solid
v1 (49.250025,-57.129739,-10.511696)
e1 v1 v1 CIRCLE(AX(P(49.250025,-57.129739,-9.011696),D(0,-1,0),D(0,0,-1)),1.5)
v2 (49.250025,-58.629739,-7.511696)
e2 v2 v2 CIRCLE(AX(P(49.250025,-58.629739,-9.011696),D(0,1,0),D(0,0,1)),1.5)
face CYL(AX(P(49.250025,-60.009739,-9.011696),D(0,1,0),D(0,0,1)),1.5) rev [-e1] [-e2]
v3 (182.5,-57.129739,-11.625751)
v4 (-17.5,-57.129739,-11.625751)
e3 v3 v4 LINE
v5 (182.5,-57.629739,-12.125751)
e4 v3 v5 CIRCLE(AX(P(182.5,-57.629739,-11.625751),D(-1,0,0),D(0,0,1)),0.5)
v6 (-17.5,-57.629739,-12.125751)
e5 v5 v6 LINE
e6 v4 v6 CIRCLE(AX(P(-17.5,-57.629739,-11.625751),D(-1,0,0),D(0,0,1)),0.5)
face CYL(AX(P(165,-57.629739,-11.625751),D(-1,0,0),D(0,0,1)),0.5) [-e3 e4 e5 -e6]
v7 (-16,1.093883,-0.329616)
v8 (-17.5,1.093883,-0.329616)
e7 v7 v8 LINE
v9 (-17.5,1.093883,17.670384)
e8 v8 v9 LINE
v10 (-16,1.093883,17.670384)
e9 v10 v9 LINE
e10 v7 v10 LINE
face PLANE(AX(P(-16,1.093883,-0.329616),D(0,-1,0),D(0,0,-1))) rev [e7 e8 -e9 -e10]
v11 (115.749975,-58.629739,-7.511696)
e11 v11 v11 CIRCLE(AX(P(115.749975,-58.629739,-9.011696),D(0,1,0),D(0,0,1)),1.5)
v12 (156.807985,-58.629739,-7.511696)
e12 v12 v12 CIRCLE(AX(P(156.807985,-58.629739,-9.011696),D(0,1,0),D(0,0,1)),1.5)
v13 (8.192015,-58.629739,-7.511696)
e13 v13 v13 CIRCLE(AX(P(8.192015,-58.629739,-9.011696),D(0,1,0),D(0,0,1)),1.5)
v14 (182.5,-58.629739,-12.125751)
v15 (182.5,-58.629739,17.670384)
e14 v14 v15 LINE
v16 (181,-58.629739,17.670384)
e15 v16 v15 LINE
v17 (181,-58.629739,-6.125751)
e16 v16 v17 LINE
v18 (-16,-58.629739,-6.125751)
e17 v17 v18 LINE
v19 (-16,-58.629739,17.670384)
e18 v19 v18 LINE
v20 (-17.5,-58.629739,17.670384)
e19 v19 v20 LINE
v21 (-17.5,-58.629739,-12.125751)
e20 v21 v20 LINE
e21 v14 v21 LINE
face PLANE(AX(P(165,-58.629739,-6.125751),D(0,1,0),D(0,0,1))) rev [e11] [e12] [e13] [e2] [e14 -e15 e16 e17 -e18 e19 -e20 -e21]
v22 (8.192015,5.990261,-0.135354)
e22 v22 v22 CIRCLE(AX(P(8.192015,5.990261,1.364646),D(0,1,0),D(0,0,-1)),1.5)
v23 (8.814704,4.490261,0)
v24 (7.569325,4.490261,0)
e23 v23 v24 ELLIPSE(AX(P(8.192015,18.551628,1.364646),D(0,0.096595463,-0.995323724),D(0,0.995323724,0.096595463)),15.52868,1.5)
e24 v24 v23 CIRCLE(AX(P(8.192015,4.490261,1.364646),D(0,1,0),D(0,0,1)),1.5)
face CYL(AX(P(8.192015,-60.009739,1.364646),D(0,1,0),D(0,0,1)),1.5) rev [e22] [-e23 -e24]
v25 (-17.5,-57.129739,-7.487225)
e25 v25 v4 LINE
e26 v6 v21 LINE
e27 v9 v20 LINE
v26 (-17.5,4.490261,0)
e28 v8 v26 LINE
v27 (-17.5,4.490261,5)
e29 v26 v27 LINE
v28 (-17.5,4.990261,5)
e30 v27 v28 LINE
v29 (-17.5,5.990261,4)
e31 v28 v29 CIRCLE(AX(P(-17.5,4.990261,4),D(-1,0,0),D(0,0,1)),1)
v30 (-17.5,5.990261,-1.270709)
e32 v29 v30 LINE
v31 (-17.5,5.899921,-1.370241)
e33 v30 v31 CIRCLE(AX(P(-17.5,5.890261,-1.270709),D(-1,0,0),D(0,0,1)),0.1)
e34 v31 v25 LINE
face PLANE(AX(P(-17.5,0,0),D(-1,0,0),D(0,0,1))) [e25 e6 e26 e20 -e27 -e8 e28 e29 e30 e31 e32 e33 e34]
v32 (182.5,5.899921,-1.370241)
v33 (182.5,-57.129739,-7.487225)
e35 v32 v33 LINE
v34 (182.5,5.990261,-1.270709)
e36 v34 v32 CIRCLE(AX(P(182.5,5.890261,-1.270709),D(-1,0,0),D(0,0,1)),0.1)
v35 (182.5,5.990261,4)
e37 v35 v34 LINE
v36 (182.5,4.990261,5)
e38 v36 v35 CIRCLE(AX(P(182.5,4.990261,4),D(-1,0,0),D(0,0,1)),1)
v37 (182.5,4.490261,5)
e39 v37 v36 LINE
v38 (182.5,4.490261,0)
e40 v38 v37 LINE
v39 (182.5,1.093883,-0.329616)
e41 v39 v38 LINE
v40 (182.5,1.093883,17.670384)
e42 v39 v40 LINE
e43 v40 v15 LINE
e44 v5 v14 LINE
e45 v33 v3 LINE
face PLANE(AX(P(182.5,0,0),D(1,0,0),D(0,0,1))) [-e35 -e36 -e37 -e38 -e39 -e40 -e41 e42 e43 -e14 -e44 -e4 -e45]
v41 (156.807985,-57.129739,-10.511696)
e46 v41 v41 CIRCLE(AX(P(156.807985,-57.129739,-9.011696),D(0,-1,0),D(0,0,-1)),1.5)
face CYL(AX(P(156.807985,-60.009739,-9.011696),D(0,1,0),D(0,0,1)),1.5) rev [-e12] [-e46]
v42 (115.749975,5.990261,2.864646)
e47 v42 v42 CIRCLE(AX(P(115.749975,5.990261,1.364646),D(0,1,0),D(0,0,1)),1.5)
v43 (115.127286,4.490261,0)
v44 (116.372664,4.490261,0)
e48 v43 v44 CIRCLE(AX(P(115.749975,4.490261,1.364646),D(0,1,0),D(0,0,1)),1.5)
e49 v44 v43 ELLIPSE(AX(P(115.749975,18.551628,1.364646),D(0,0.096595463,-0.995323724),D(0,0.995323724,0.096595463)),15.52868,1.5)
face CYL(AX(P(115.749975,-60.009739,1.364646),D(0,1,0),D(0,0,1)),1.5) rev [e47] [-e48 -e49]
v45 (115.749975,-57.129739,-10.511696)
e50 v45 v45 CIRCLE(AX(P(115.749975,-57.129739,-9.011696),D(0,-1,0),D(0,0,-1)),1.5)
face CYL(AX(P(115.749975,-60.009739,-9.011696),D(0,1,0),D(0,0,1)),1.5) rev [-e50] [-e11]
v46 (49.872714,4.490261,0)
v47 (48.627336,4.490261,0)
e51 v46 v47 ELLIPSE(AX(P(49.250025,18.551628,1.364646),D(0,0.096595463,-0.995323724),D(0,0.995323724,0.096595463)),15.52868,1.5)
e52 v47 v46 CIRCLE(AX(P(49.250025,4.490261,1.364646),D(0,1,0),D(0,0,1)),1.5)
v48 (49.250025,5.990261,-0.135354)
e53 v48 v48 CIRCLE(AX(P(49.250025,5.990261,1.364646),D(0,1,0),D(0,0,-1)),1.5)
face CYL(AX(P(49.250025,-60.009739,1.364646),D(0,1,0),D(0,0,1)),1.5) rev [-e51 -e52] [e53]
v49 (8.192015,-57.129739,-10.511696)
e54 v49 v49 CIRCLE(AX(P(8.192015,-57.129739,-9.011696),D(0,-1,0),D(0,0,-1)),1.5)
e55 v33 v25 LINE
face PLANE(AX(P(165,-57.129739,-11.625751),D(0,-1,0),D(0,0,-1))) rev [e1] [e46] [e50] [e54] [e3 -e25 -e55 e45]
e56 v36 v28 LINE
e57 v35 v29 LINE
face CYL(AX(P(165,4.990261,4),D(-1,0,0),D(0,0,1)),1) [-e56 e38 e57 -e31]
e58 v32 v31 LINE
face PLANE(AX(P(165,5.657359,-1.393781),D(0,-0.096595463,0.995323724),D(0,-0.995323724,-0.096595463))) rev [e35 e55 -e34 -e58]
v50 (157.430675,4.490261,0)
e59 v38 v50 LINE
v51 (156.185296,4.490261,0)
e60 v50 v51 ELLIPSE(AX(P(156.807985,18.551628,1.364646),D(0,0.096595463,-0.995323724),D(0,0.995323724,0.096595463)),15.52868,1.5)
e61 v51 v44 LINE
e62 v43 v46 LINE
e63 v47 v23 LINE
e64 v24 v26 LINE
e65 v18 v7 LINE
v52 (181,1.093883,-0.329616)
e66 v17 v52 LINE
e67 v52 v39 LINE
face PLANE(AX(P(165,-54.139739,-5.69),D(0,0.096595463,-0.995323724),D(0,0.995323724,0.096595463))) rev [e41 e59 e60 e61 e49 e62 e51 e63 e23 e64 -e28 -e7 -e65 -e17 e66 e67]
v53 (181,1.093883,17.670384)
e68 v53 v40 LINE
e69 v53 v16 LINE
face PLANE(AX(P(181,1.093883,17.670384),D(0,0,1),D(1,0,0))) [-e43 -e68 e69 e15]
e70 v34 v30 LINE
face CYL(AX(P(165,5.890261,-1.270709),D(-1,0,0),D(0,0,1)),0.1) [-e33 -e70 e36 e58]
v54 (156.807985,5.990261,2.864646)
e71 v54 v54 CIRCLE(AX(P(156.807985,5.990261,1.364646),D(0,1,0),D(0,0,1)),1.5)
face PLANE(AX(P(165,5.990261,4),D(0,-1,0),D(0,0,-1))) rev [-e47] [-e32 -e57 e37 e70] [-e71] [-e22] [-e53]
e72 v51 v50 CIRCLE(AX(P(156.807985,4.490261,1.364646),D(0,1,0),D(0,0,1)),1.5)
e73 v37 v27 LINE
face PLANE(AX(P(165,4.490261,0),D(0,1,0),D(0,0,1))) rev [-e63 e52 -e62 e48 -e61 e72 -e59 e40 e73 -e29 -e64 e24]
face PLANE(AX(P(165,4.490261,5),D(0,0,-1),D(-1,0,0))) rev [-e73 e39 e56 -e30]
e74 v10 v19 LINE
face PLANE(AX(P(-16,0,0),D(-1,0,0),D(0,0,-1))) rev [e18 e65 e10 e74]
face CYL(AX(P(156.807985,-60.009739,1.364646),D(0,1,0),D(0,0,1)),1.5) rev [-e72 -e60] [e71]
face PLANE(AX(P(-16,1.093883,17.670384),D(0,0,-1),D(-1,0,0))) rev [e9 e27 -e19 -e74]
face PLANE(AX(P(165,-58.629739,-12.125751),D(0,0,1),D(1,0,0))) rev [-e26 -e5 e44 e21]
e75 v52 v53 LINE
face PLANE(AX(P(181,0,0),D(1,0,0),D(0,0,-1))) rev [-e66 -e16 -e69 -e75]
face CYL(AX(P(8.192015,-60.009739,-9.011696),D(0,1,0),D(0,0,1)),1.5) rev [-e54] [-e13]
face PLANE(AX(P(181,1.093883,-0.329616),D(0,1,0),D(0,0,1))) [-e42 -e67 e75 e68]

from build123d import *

# Parameters (mm, degrees)
EXTRUDE_1_DEPTH     = 165
SKETCH_2_R          = 1.5
CUT_EXTRUDE_2_DEPTH = 66
EXTRUDE_2_DEPTH     = 1.5
EXTRUDE_START       = 17.5
EXTRUDE_3_DEPTH     = 17.5
EXTRUDE_4_DEPTH     = 1.5
CUT_EXTRUDE_3_DEPTH = 1.5


with BuildPart() as part:
    # 草图1 → 凸台-拉伸1 (new body)
    with BuildSketch(Plane(origin=(0, 0, 0), x_dir=(0, 0, -1), z_dir=(1, 0, 0))):
        with BuildLine():
            Line((0, 4.49026118), (5.69, -54.13973882))
            Line((5.69, -54.13973882), (6.125751322, -58.62973882))
            Line((6.125751322, -58.62973882), (12.125751322, -58.62973882))
            Line((12.125751322, -58.62973882), (12.125751322, -57.62973882))
            ThreePointArc((12.125751322, -57.62973882), (11.979304712, -57.27618543), (11.625751322, -57.12973882))
            Line((11.625751322, -57.12973882), (7.487224752, -57.12973882))
            Line((7.487224752, -57.12973882), (7.05147343, -52.63973882))
            Line((7.05147343, -52.63973882), (1.393781374, 5.657358767))
            Line((1.393781374, 5.657358767), (1.370240908, 5.899920726))
            ThreePointArc((1.370240908, 5.899920726), (1.337917334, 5.964308309), (1.270708535, 5.99026118))
            Line((1.270708535, 5.99026118), (-4, 5.99026118))
            ThreePointArc((-4, 5.99026118), (-4.707106781, 5.697367961), (-5, 4.99026118))
            Line((-5, 4.99026118), (-5, 4.49026118))
            Line((-5, 4.49026118), (0, 4.49026118))
        make_face()
    extrude(amount=EXTRUDE_1_DEPTH)

    # 草图2 → 切除-拉伸2 (cut)
    with BuildSketch(Plane(origin=(0, 5.99026118, 0), x_dir=(1, 0, 0), z_dir=(0, 1, 0))):
        with Locations(Location((156.807985478, -1.364645732, 0), (0, 0, 270))):
            Circle(SKETCH_2_R)
        with Locations(Location((115.749974851, -1.364645732, 0), (0, 0, 270))):
            Circle(SKETCH_2_R)
        with Locations(Location((49.250025149, -1.364645732, 0), (0, 0, 65.47273381))):
            Circle(SKETCH_2_R)
        with Locations(Location((8.192014522, -1.364645732, 0), (0, 0, 65.47273381))):
            Circle(SKETCH_2_R)
        with Locations(Location((8.192014522, 9.011696347, 0), (0, 0, 270))):
            Circle(SKETCH_2_R)
        with Locations(Location((156.807985478, 9.011696347, 0), (0, 0, 270))):
            Circle(SKETCH_2_R)
        with Locations(Location((115.749974851, 9.011696347, 0), (0, 0, 270))):
            Circle(SKETCH_2_R)
        with Locations(Location((49.250025149, 9.011696347, 0), (0, 0, 270))):
            Circle(SKETCH_2_R)
    extrude(amount=-CUT_EXTRUDE_2_DEPTH, mode=Mode.SUBTRACT)

    # 草图3 → 凸台-拉伸2 (add)
    with BuildSketch(Plane(origin=(165, 0, 0), x_dir=(0, 0, -1), z_dir=(1, 0, 0))):
        Polygon((0.32961608, 1.093883189), (-17.67038392, 1.093883189), (-17.67038392, -58.62973882), (6.125751322, -58.62973882), align=None)
    extrude(amount=-EXTRUDE_2_DEPTH)

    # 草图5 → 凸台-拉伸3 (add)
    with BuildSketch(Plane.ZY.offset(EXTRUDE_START)):
        with BuildLine():
            Line((4, 5.99026118), (-1.270708535, 5.99026118))
            ThreePointArc((-1.270708535, 5.99026118), (-1.337917334, 5.964308309), (-1.370240908, 5.899920726))
            Line((-1.370240908, 5.899920726), (-7.487224752, -57.12973882))
            Line((-7.487224752, -57.12973882), (-11.625751322, -57.12973882))
            ThreePointArc((-11.625751322, -57.12973882), (-11.979304712, -57.27618543), (-12.125751322, -57.62973882))
            Line((-12.125751322, -57.62973882), (-12.125751322, -58.62973882))
            Line((-12.125751322, -58.62973882), (-6.125751322, -58.62973882))
            Line((-6.125751322, -58.62973882), (0, 4.49026118))
            Line((0, 4.49026118), (5, 4.49026118))
            Line((5, 4.49026118), (5, 4.99026118))
            ThreePointArc((5, 4.99026118), (4.707106781, 5.697367961), (4, 5.99026118))
        make_face()
    extrude_3 = extrude(amount=-EXTRUDE_3_DEPTH)

    # 镜向2: 凸台-拉伸3 across plane
    add(extrude_3.mirror(Plane(origin=(82.5, 0, 0), x_dir=(0, 0, 1), z_dir=(1, 0, 0))))

    # 草图6 → 凸台-拉伸4 (add)
    with BuildSketch(Plane(origin=(182.5, 0, 0), x_dir=(0, 0, -1), z_dir=(1, 0, 0))):
        Polygon((0.32961608, 1.093883189), (-17.67038392, 1.093883189), (-17.67038392, -58.62973882), (6.125751322, -58.62973882), align=None)
    extrude_4 = extrude(amount=-EXTRUDE_4_DEPTH)

    # 草图7 → 切除-拉伸3 (cut)
    with BuildSketch(Plane(origin=(165, 0, 0), x_dir=(0, 0, -1), z_dir=(1, 0, 0))):
        Polygon((0.32961608, 1.093883189), (6.382938613, -61.279807515), (-18.871026255, -61.279807515), (-18.871026255, 1.093883189), align=None)
    extrude(amount=-CUT_EXTRUDE_3_DEPTH, mode=Mode.SUBTRACT)

    # 镜向4: 凸台-拉伸4 across plane
    add(extrude_4.mirror(Plane(origin=(82.5, 0, 0), x_dir=(0, 0, 1), z_dir=(1, 0, 0))))


solid = part.part
